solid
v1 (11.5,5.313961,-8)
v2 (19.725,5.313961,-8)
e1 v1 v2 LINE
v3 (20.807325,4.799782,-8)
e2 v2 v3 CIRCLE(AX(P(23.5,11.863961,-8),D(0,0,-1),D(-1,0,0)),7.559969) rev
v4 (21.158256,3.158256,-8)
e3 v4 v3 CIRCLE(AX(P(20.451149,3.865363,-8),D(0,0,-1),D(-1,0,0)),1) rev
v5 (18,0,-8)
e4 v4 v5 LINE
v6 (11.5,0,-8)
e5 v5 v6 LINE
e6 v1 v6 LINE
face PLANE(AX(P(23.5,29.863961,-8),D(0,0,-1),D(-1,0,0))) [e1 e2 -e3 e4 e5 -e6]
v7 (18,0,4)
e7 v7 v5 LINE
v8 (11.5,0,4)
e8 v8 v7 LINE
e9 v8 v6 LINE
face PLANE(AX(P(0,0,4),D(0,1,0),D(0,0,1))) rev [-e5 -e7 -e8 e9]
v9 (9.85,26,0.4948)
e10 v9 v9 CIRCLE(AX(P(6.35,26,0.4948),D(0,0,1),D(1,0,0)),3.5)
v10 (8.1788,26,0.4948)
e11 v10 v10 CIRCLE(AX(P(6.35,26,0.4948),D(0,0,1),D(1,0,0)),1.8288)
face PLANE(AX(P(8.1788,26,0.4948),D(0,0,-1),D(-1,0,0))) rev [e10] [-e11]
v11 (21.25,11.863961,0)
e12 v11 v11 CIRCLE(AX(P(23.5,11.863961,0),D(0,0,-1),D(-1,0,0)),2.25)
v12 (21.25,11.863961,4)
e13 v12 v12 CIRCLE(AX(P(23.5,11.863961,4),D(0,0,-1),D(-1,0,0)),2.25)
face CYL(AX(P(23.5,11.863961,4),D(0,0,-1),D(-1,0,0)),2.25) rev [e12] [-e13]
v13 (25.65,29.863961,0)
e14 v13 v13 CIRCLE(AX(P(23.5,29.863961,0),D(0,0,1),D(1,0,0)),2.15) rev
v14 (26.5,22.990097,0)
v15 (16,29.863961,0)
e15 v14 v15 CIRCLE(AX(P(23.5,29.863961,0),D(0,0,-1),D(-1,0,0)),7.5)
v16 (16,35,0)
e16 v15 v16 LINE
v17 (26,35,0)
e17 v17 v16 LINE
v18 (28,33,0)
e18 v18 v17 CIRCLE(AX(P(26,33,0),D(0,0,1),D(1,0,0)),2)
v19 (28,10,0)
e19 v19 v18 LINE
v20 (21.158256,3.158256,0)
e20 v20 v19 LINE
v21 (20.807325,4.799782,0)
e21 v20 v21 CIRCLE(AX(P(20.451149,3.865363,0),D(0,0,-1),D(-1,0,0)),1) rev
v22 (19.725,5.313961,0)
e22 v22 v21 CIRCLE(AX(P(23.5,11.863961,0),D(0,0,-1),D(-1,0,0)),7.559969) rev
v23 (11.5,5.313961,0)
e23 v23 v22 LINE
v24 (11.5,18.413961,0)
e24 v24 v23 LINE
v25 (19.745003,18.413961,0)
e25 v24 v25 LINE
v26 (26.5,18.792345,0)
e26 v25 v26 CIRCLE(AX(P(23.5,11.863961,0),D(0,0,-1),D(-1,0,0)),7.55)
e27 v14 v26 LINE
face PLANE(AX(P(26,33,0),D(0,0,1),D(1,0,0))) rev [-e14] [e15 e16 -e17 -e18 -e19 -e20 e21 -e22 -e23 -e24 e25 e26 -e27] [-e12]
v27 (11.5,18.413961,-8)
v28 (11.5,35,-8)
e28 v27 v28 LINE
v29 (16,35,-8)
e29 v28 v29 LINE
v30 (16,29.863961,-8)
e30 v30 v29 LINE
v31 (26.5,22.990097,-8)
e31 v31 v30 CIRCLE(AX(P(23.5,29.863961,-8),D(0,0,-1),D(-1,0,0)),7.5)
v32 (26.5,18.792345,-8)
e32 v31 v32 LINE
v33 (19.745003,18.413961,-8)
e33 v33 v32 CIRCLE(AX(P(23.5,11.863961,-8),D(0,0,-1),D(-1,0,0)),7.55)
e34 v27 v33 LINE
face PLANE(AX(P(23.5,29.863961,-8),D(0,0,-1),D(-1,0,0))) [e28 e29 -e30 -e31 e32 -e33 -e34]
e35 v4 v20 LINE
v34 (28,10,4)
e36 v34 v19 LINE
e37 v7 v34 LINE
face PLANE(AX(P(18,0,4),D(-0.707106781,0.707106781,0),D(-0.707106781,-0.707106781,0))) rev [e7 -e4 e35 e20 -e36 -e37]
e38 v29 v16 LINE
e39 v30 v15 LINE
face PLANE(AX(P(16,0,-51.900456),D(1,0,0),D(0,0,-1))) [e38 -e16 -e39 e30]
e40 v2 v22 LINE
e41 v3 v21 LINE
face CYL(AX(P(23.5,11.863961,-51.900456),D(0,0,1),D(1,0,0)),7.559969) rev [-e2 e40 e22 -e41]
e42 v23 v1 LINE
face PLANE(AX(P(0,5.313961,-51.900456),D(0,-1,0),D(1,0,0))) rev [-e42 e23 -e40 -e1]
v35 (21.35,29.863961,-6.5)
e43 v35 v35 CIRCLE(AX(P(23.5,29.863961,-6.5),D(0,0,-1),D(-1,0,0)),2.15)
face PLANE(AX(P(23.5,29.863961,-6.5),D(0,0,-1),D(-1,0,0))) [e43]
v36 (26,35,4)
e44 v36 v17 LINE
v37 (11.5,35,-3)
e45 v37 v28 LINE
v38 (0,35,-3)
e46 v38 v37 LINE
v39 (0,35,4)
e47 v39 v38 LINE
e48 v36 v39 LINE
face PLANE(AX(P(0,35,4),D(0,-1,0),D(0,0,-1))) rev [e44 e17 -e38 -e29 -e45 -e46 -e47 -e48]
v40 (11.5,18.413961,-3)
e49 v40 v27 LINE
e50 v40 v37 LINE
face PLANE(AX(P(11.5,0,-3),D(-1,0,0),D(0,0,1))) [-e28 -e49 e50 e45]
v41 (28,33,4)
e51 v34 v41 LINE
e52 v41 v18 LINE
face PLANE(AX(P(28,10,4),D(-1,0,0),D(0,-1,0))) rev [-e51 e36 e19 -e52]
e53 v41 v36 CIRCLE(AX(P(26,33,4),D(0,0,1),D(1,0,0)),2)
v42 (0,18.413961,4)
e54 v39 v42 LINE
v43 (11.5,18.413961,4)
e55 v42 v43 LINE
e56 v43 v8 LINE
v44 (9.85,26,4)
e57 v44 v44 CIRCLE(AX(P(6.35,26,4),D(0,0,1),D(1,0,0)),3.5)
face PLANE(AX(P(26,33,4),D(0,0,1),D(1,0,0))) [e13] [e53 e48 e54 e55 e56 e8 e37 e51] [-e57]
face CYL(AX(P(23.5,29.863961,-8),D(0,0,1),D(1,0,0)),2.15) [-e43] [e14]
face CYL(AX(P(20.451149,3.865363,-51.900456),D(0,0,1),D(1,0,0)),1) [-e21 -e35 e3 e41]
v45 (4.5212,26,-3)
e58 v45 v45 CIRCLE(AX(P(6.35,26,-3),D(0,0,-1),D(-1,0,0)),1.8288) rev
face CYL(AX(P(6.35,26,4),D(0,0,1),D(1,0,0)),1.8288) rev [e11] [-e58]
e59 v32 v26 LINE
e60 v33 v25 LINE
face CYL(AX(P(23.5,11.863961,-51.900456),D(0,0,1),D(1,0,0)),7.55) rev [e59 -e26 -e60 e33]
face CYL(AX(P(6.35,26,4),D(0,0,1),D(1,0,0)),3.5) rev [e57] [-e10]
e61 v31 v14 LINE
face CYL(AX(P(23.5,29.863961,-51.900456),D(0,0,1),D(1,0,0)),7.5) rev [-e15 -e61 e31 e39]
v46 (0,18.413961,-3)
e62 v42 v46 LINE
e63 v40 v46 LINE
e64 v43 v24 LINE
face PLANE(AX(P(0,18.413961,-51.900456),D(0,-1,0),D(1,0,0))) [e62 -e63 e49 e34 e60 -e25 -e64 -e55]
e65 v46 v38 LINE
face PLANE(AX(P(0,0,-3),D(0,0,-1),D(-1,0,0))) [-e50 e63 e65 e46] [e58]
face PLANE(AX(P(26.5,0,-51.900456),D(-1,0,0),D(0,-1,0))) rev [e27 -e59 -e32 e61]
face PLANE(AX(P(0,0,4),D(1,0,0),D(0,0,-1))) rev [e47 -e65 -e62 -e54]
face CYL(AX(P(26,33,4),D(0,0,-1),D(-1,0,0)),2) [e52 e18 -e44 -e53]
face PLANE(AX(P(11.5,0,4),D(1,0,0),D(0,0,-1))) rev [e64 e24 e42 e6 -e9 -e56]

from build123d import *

# Parameters (mm, degrees)
BOSS_EXTRUDE1_DEPTH                            = 4
SKETCH2_R                                      = 2.25
CUT_EXTRUDE1_DEPTH                             = 46
SKETCH2_3_R                                    = 2.15
BOSS_EXTRUDE2_DEPTH                            = 8
BOSS_EXTRUDE4_DEPTH                            = 8
SKETCH6_W                                      = 11.5
SKETCH6_H                                      = 18.413961031
CUT_EXTRUDE2_DEPTH                             = 47.400431032
SKETCH12_W                                     = 8
SKETCH12_H                                     = 13.1
CUT_EXTRUDE3_DEPTH                             = 40.286161686
CBORE_FOR_6_SOCKET_HEAD_CAP_SCREW1_D           = 3.6576
CBORE_FOR_6_SOCKET_HEAD_CAP_SCREW1_CBORE_D     = 7
CBORE_FOR_6_SOCKET_HEAD_CAP_SCREW1_CBORE_DEPTH = 3.5052
SKETCH13_W                                     = 11.5
SKETCH13_H                                     = 16.586038969
CUT_EXTRUDE4_DEPTH                             = 5
CUT_EXTRUDE5_START                             = -1.5
SKETCH14_R                                     = 2.15
CUT_EXTRUDE5_DEPTH                             = 1.5


with BuildPart() as part:
    # Sketch1 → Boss-Extrude1 (new body)
    with BuildSketch(Plane.XY):
        with BuildLine():
            Line((18, 0), (28, 10))
            Line((28, 10), (28, 33))
            ThreePointArc((28, 33), (27.414213562, 34.414213562), (26, 35))
            Line((26, 35), (0, 35))
            Line((0, 35), (0, 0))
            Line((0, 0), (18, 0))
        make_face()
    extrude(amount=BOSS_EXTRUDE1_DEPTH)

    # Sketch2 → Cut-Extrude1 (cut, through all)
    with BuildSketch(Plane(origin=(0, 0, 0), x_dir=(-1, 0, 0), z_dir=(0, 0, -1))):
        with Locations((-23.5, 11.863961031)):
            Circle(SKETCH2_R)
    extrude(amount=-CUT_EXTRUDE1_DEPTH, mode=Mode.SUBTRACT)

    # Sketch2<3> → Boss-Extrude2 (add)
    with BuildSketch(Plane(origin=(0, 0, 0), x_dir=(-1, 0, 0), z_dir=(0, 0, -1))):
        with Locations(Location((-23.5, 29.863961031, 0), (0, 0, 180))):
            Circle(SKETCH2_3_R)
    extrude(amount=BOSS_EXTRUDE2_DEPTH)

    # Sketch2<5> → Boss-Extrude4 (add)
    with BuildSketch(Plane(origin=(0, 0, 0), x_dir=(-1, 0, 0), z_dir=(0, 0, -1))):
        with BuildLine():
            ThreePointArc((-26.5, 18.792344681), (-23.077745882, 19.402143932), (-19.745003329, 18.413961031))
            Line((-19.745003329, 18.413961031), (-15.95, 18.413961031))
            Line((-15.95, 18.413961031), (-15.95, 5.313961031))
            Line((-15.95, 5.313961031), (-19.725, 5.313961031))
            ThreePointArc((-19.725, 5.313961031), (-20.25595921, 5.035394245), (-20.807324798, 4.799782009))
            ThreePointArc((-20.807324798, 4.799782009), (-21.429052247, 4.074422526), (-21.15825613, 3.15825613))
            Line((-21.15825613, 3.15825613), (-18, 0))
            Line((-18, 0), (0, 0))
            Line((0, 0), (0, 35))
            Line((0, 35), (-16, 35))
            Line((-16, 35), (-16, 29.863961031))
            ThreePointArc((-16, 29.863961031), (-19.392080819, 23.589010832), (-26.5, 22.990097488))
            Line((-26.5, 22.990097488), (-26.5, 18.792344681))
        make_face()
    extrude(amount=BOSS_EXTRUDE4_DEPTH)

    # Sketch6 → Cut-Extrude2 (cut, through all)
    with BuildSketch(Plane(origin=(0, 0, -8), x_dir=(-1, 0, 0), z_dir=(0, 0, -1))):
        with Locations((-5.75, 9.206980515)):
            Rectangle(SKETCH6_W, SKETCH6_H)
    extrude(amount=-CUT_EXTRUDE2_DEPTH, mode=Mode.SUBTRACT)

    # Sketch12 → Cut-Extrude3 (cut, through all)
    with BuildSketch(Plane(origin=(15.95, 0, 0), x_dir=(0, 0, -1), z_dir=(1, 0, 0))):
        with Locations((4, 11.863961031)):
            Rectangle(SKETCH12_W, SKETCH12_H)
    extrude(amount=-CUT_EXTRUDE3_DEPTH, mode=Mode.SUBTRACT)

    # CBORE for #6 Socket Head Cap Screw1 (through all)
    with Locations(Plane.XY.offset(4)):
        with Locations((6.35, 26)):
            CounterBoreHole(CBORE_FOR_6_SOCKET_HEAD_CAP_SCREW1_D / 2, CBORE_FOR_6_SOCKET_HEAD_CAP_SCREW1_CBORE_D / 2, CBORE_FOR_6_SOCKET_HEAD_CAP_SCREW1_CBORE_DEPTH)

    # Sketch13 → Cut-Extrude4 (cut)
    with BuildSketch(Plane(origin=(0, 0, -8), x_dir=(-1, 0, 0), z_dir=(0, 0, -1))):
        with Locations((-5.75, 26.706980515)):
            Rectangle(SKETCH13_W, SKETCH13_H)
    extrude(amount=-CUT_EXTRUDE4_DEPTH, mode=Mode.SUBTRACT)

    # Sketch14 → Cut-Extrude5 (cut)
    with BuildSketch(Plane(origin=(0, 0, -8), x_dir=(-1, 0, 0), z_dir=(0, 0, -1)).offset(CUT_EXTRUDE5_START)):
        with Locations(Location((-23.5, 29.863961031, 0), (0, 0, 180))):
            Circle(SKETCH14_R)
    extrude(amount=CUT_EXTRUDE5_DEPTH, mode=Mode.SUBTRACT)


solid = part.part
